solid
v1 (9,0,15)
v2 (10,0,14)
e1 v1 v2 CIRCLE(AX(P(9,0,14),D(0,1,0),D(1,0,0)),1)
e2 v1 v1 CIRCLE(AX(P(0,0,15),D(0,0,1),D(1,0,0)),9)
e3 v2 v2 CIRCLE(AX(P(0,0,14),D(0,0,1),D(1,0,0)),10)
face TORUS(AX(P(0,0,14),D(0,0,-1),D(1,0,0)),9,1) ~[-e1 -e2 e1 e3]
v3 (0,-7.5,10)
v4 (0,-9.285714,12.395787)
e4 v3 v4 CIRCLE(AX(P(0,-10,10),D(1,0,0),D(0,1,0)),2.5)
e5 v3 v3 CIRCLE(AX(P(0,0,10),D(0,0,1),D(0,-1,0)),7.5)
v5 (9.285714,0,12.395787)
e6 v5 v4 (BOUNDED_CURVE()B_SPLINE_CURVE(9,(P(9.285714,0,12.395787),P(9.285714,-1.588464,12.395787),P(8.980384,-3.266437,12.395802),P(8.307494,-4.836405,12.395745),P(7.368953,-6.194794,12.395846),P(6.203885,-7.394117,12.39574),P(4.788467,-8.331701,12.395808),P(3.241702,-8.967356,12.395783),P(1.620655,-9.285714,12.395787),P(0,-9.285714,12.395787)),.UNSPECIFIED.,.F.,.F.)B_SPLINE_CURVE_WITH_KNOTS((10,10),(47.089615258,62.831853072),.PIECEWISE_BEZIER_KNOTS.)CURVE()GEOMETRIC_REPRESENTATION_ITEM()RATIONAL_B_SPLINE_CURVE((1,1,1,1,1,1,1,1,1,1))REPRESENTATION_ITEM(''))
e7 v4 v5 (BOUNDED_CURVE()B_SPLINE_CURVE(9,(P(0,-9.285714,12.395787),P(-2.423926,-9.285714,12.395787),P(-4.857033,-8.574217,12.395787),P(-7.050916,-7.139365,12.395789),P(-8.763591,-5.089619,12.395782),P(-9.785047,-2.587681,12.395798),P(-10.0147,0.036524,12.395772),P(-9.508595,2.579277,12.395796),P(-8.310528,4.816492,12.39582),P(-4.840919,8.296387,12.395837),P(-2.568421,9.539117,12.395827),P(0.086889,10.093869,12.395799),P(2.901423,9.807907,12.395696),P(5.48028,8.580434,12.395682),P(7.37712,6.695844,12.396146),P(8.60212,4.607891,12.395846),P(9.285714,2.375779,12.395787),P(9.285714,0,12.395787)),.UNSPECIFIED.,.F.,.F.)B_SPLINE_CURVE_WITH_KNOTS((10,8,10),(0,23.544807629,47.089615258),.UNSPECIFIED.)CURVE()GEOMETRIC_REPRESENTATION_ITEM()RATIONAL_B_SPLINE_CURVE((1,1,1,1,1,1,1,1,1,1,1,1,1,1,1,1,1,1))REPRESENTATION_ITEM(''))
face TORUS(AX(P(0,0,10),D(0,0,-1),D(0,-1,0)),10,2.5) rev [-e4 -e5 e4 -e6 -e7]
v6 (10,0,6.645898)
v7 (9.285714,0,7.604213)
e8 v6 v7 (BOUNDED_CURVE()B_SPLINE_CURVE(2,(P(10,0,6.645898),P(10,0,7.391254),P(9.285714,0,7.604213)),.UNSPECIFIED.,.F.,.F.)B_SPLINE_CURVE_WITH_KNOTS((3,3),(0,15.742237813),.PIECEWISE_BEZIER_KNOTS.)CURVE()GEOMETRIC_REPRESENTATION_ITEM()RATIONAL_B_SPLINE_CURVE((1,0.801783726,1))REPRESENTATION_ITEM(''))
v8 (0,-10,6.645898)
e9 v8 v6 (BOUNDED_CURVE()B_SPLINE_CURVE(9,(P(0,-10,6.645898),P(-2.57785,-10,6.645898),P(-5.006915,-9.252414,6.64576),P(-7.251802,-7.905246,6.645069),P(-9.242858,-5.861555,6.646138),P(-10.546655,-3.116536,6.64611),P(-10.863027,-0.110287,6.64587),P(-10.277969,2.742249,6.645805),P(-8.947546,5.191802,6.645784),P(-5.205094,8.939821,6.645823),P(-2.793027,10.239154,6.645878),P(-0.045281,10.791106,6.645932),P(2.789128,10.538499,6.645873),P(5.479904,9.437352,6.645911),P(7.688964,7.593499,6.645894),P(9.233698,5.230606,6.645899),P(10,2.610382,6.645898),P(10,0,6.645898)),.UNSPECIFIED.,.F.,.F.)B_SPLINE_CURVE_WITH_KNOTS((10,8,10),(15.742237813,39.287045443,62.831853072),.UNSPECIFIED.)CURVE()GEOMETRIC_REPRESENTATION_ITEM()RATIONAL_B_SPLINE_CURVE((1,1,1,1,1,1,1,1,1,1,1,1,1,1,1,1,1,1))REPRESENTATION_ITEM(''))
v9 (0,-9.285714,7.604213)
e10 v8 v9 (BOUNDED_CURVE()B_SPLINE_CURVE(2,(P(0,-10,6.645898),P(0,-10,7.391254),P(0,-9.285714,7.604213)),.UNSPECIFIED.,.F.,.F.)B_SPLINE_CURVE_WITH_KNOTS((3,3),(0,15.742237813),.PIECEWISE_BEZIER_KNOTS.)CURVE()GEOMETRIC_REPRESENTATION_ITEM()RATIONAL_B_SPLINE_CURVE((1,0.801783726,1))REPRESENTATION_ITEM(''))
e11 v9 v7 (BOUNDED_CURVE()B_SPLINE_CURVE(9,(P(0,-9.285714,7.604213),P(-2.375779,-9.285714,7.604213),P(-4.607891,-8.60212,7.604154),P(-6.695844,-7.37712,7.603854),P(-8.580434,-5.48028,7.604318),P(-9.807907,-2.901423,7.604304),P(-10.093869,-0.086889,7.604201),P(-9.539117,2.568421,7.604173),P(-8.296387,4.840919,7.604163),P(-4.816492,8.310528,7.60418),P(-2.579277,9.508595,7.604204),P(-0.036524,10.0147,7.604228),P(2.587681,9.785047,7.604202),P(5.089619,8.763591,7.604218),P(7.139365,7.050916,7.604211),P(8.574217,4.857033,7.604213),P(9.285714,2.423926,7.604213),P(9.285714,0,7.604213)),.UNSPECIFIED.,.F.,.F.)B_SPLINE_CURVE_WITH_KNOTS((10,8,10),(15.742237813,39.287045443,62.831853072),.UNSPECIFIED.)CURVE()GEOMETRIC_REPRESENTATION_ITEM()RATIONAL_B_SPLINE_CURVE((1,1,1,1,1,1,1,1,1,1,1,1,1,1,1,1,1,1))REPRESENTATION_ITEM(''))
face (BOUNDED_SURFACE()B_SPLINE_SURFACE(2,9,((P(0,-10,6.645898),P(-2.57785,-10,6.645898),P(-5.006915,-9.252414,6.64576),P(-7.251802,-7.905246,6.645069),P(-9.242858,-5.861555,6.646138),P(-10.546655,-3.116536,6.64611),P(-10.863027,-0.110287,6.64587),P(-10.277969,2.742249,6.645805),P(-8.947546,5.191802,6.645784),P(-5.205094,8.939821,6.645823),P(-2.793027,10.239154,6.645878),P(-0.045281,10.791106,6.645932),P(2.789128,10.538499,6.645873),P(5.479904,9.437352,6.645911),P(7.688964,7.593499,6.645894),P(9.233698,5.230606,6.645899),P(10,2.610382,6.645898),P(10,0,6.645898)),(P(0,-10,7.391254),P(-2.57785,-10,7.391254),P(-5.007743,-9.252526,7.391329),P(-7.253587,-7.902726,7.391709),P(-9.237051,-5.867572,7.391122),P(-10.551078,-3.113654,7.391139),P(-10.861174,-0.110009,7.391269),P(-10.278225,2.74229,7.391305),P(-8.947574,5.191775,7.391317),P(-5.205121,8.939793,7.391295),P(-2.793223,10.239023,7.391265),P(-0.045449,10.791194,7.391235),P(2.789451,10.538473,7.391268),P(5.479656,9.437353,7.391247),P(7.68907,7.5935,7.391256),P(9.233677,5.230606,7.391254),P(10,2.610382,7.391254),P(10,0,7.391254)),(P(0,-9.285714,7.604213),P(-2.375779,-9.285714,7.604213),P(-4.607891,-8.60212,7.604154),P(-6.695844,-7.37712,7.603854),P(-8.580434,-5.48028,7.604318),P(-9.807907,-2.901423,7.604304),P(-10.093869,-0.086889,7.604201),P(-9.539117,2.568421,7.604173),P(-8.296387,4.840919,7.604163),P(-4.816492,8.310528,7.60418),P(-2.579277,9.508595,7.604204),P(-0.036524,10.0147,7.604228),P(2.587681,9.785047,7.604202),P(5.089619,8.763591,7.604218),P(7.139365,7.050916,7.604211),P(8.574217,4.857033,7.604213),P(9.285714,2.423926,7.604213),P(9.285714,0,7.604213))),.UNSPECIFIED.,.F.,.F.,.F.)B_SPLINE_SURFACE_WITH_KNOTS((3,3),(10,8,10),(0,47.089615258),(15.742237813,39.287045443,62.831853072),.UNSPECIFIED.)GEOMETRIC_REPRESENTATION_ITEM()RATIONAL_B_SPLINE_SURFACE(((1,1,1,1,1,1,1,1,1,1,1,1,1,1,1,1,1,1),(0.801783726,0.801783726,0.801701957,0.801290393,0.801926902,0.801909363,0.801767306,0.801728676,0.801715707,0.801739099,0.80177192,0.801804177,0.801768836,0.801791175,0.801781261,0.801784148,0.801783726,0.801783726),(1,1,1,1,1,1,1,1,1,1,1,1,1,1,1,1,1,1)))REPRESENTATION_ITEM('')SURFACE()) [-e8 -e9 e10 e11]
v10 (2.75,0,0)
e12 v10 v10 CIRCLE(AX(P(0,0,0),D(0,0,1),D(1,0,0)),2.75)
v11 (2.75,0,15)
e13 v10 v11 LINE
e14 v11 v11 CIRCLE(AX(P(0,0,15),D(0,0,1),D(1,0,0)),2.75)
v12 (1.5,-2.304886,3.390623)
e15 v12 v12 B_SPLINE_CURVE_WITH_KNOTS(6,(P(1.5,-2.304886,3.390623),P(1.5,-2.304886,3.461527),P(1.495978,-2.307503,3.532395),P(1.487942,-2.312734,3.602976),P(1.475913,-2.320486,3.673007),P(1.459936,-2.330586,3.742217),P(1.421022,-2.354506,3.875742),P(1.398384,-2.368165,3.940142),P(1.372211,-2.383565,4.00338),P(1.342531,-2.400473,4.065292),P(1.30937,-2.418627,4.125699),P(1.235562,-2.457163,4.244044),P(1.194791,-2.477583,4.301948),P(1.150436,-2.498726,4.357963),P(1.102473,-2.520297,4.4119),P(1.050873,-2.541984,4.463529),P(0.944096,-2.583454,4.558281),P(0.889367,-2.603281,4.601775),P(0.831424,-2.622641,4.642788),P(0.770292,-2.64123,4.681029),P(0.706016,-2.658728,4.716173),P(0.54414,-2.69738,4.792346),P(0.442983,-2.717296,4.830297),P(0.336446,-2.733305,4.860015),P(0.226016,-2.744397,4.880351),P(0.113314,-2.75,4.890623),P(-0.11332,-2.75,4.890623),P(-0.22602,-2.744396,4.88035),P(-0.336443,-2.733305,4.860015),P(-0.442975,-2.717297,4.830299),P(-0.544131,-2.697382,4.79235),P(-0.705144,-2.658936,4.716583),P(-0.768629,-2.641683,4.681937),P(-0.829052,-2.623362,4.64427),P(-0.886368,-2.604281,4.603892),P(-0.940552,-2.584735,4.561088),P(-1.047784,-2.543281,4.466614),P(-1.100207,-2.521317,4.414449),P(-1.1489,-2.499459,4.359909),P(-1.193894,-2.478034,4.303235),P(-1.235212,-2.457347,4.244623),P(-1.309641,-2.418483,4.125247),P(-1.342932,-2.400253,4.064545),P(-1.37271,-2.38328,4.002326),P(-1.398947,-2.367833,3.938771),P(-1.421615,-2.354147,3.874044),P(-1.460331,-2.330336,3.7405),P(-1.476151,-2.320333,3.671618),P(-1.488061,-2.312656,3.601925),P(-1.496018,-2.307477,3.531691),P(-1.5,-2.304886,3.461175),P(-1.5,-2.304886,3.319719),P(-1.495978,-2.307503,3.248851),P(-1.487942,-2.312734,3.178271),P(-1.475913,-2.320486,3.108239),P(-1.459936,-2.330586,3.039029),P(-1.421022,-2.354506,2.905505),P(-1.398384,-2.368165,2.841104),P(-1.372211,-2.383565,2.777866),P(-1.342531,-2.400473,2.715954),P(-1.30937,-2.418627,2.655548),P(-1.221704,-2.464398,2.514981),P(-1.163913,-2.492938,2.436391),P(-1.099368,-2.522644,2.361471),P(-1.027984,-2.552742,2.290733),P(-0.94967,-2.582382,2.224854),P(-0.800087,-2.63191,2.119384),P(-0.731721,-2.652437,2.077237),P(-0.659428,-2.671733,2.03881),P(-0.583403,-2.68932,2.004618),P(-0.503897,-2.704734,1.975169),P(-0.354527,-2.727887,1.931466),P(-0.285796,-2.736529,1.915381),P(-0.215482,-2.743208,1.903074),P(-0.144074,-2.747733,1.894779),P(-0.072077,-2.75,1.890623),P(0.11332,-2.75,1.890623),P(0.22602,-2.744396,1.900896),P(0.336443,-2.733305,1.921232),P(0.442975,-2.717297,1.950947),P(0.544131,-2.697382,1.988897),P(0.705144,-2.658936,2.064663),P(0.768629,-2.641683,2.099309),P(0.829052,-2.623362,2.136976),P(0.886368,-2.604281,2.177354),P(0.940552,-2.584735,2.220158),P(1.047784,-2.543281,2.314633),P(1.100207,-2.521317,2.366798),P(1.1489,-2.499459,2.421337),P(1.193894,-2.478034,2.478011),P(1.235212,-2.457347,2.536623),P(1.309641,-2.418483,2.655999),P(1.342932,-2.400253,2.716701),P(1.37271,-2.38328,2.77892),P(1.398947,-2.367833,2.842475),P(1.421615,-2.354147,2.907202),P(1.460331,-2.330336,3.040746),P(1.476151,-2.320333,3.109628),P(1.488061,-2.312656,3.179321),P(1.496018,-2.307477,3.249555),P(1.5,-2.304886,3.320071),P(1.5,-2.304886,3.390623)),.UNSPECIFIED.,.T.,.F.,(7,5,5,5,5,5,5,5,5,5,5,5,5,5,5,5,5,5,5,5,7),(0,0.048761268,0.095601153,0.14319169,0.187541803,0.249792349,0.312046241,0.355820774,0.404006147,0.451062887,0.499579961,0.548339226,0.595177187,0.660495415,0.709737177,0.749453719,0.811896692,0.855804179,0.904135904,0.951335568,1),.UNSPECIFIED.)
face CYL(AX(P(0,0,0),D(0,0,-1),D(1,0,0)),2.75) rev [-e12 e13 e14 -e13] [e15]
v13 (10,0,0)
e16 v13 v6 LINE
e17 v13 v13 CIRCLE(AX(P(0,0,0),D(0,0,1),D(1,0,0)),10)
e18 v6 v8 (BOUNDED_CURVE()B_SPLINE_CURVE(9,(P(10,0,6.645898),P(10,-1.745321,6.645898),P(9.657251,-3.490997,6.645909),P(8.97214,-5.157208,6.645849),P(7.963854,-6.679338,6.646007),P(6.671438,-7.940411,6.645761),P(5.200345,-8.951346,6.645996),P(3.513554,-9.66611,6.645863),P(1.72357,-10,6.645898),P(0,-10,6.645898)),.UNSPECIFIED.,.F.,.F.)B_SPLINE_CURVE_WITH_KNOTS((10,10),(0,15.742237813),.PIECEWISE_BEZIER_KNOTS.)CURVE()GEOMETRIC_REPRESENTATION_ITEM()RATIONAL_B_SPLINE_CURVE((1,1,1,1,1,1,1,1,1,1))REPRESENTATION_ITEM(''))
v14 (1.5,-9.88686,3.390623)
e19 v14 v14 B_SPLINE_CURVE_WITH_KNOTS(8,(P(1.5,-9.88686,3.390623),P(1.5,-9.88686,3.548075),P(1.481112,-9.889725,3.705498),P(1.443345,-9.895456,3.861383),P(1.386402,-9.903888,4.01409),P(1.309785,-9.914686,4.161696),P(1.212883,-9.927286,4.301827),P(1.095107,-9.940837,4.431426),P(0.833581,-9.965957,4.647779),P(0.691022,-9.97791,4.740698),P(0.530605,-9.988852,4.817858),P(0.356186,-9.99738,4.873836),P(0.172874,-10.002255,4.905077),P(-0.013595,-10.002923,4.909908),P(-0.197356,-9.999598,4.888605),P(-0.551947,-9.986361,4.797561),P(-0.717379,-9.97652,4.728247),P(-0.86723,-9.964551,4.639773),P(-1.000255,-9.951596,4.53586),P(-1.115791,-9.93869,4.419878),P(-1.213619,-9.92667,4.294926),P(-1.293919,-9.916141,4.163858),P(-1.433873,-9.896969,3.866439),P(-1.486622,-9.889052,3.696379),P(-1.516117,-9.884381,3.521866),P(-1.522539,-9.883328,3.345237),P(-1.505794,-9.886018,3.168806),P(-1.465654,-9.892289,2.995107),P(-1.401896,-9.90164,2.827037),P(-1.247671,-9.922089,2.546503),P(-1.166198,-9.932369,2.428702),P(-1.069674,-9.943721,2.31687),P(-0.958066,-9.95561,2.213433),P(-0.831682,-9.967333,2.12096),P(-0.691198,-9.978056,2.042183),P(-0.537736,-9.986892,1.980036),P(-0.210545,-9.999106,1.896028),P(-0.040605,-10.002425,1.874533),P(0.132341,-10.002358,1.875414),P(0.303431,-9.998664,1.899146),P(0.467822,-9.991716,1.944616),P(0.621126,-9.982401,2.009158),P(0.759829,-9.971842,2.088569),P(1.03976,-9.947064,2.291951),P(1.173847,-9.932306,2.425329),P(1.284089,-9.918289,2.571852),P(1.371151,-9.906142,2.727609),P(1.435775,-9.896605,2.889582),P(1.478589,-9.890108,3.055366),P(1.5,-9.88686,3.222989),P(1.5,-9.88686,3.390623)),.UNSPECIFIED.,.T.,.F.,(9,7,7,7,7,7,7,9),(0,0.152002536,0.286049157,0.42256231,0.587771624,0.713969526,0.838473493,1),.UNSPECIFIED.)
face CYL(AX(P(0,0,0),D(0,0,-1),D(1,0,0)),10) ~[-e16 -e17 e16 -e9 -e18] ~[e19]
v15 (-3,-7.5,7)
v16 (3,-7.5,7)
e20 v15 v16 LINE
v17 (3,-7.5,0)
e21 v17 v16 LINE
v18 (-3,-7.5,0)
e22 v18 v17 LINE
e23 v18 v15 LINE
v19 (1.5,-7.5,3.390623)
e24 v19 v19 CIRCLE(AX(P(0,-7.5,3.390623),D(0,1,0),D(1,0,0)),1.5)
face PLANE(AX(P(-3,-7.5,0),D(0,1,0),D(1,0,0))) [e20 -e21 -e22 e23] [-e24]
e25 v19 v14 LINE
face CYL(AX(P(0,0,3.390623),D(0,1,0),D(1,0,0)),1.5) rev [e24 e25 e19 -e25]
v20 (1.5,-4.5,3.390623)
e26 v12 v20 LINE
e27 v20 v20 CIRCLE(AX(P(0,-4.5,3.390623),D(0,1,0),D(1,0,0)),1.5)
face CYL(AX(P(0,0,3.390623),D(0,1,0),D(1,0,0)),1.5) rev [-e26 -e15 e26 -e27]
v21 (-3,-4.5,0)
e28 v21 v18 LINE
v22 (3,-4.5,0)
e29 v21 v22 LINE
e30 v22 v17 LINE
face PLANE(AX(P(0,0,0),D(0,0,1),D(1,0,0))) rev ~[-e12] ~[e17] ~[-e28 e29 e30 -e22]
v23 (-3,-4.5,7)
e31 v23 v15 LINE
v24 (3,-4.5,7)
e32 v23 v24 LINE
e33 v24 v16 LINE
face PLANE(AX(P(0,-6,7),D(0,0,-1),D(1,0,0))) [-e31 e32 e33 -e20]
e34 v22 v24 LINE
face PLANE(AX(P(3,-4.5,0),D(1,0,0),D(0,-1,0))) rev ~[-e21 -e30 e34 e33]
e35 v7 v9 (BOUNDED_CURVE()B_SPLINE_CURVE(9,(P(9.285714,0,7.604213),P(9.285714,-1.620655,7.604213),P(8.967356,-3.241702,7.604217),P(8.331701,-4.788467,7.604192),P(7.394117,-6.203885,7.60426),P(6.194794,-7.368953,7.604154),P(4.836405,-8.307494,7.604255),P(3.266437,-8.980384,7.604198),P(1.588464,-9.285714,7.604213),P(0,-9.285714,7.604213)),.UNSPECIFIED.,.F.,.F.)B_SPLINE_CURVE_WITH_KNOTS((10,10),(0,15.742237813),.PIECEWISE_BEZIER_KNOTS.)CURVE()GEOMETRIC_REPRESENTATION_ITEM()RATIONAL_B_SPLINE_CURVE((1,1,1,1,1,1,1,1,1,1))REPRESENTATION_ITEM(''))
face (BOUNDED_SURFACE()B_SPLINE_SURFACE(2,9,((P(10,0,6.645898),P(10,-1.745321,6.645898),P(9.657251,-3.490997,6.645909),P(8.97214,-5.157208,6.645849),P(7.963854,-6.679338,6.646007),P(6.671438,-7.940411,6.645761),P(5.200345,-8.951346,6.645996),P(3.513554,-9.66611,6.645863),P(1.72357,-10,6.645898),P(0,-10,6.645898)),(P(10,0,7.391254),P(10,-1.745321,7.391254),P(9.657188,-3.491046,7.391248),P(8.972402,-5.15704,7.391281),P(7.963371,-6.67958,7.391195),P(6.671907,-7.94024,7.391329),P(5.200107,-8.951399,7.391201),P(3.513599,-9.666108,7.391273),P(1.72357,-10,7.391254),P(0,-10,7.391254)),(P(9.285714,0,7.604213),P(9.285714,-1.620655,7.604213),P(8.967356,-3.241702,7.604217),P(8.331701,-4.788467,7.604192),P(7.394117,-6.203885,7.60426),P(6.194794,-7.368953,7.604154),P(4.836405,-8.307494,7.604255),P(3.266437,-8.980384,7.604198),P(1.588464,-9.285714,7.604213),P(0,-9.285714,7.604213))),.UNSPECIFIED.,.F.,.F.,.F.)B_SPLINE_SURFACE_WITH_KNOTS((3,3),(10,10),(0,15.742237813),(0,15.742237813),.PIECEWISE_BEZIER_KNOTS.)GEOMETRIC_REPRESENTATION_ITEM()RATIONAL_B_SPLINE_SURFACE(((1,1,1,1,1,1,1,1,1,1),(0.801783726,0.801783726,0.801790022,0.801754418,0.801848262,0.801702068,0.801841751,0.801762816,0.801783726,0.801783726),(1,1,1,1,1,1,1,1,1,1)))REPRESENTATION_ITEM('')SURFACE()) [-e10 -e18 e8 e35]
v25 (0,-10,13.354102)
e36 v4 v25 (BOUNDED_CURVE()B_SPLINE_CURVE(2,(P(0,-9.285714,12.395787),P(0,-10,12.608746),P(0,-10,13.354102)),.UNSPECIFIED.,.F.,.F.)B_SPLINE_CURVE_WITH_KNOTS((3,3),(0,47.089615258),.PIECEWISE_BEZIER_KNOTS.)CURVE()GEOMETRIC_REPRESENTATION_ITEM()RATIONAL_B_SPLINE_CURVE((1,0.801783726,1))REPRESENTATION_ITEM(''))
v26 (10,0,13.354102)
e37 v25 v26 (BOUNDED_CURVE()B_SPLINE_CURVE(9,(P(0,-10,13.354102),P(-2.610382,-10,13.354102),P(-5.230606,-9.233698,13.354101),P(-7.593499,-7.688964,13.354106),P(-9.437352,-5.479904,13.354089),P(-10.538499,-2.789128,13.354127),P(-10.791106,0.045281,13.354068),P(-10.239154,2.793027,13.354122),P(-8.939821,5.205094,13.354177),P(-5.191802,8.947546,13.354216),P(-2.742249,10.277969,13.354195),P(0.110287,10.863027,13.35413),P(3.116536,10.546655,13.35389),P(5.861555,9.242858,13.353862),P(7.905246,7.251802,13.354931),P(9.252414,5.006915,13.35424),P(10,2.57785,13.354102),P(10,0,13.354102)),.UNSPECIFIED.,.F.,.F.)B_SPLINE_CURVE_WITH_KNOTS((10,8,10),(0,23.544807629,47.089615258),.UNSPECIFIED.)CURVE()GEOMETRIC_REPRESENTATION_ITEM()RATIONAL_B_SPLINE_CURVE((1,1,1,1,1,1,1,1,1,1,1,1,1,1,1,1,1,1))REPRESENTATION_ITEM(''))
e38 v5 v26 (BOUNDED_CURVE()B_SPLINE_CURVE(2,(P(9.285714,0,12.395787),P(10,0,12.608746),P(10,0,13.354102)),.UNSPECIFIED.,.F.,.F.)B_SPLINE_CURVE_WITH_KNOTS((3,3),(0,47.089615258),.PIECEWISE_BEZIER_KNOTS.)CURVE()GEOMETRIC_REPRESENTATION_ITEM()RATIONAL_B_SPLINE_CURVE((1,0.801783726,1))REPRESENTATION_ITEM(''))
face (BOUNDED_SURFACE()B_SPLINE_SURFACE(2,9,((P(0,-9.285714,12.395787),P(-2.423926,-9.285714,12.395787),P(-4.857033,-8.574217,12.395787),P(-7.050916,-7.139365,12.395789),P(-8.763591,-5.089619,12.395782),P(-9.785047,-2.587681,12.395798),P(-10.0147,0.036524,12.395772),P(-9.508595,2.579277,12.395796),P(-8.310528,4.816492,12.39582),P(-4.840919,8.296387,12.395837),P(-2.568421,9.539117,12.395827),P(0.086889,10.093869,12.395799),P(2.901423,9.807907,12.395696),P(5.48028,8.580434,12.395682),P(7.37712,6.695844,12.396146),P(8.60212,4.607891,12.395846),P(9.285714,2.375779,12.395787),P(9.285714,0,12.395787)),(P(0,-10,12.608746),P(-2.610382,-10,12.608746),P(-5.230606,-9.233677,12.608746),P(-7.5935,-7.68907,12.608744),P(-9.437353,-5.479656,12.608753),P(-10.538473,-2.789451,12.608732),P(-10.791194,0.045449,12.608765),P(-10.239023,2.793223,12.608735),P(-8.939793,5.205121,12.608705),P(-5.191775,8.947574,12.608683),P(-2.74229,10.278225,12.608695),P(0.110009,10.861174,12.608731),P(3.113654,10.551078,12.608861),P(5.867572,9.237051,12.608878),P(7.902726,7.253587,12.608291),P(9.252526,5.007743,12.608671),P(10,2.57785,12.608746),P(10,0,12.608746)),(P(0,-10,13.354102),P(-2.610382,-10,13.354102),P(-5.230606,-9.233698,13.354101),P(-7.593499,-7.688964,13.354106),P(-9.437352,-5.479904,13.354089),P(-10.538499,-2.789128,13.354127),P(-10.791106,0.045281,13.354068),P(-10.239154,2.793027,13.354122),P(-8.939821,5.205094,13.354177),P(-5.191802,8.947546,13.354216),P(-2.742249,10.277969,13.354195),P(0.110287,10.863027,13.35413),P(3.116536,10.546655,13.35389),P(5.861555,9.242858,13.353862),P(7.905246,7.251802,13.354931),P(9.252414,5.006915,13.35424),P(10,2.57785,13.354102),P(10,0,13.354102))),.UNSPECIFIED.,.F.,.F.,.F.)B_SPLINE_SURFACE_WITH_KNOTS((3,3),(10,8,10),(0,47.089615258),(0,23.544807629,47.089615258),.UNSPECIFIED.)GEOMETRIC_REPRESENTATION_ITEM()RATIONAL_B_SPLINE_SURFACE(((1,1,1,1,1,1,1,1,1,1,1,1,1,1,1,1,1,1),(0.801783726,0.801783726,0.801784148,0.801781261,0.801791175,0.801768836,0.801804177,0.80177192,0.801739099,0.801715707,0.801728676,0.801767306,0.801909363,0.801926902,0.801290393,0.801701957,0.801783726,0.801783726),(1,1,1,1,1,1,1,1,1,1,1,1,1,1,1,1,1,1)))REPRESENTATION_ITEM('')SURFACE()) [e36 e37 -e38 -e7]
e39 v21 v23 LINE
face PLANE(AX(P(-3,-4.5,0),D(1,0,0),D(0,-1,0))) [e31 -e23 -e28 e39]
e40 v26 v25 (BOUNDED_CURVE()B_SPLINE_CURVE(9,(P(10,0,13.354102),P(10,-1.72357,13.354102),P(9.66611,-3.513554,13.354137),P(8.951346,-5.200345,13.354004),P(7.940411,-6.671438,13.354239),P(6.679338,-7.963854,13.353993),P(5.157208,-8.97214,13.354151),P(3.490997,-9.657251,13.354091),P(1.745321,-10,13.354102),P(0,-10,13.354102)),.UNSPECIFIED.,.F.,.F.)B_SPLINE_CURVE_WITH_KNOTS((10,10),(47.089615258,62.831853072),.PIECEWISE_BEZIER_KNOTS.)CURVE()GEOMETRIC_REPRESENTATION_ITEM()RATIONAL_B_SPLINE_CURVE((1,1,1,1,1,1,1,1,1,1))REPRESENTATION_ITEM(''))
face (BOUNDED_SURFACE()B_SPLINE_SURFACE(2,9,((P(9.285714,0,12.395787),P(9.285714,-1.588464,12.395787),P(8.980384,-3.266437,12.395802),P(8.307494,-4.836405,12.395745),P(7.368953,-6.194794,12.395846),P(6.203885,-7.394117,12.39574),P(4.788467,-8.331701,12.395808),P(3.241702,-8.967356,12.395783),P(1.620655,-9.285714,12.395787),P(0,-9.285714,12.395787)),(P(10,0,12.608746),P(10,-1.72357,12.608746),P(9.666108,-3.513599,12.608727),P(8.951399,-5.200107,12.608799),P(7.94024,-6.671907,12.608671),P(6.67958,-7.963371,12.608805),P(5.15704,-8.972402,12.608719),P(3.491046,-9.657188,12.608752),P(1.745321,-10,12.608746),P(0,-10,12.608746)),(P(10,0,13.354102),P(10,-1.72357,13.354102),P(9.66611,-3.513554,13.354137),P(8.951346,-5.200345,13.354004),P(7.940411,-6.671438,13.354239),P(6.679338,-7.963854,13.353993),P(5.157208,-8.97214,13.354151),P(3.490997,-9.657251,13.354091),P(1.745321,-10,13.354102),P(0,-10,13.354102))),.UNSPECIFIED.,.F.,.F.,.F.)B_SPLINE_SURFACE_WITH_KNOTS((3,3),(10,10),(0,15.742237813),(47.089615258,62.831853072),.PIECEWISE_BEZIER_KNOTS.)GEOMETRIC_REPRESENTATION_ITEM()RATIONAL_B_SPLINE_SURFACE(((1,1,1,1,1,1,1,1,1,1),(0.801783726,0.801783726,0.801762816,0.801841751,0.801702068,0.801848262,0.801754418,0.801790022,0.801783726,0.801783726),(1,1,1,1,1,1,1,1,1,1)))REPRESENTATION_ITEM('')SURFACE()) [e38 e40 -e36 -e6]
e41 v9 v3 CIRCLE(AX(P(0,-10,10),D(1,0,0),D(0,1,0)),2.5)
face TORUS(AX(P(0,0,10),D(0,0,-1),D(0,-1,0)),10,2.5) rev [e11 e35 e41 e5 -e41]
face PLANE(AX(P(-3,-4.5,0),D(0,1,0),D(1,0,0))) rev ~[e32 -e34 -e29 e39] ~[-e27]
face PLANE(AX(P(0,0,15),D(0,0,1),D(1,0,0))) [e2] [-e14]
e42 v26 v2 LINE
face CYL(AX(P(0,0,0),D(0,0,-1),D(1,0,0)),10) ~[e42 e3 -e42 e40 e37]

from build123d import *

# Parameters (mm, degrees)
F0_R     = 10
F0_R_2   = 2.75
F1_DEPTH = 15
F2_R     = 2.5
F4_R     = 1
F5_R     = 1.5
F6_DEPTH = 25
F7_W     = 6
F7_H     = 3
F8_DEPTH = 7


with BuildPart() as f1:
    # F0 (on Top) → F1 (new body)
    with BuildSketch(Plane.XY):
        Circle(F0_R)
        Circle(F0_R_2, mode=Mode.SUBTRACT)
    extrude(amount=F1_DEPTH)

    # F2 (on Right) → F3 (revolve, cut)
    with BuildSketch(Plane.YZ):
        with Locations((-10, 10)):
            Circle(F2_R)
    revolve(axis=Axis((0, 0, 15), (0, 0, 1)), mode=Mode.SUBTRACT)

    # F4
    f4_edges = [f1.edges().sort_by_distance(p)[0] for p in [
        (7.071068, -7.071068, 7.5),
        (-7.071068, 7.071068, 7.5),
        (-7.071068, 7.071068, 12.5),
        (7.071068, -7.071068, 12.5),
        (-10, 0, 15),
    ]]
    fillet(f4_edges, radius=F4_R)

    # F5 (on Front) → F6 (cut)
    with BuildSketch(Plane.XZ):
        with Locations((0, 3.3906230694)):
            Circle(F5_R)
    extrude(amount=F6_DEPTH, mode=Mode.SUBTRACT)

    # F7 (on face) → F8 (cut)
    with BuildSketch(Plane(origin=(0, 0, 0), x_dir=(1, 0, 0), z_dir=(0, 0, -1))):
        with Locations((0, 6)):
            Rectangle(F7_W, F7_H)
    extrude(amount=-F8_DEPTH, mode=Mode.SUBTRACT)


solid = f1.part
